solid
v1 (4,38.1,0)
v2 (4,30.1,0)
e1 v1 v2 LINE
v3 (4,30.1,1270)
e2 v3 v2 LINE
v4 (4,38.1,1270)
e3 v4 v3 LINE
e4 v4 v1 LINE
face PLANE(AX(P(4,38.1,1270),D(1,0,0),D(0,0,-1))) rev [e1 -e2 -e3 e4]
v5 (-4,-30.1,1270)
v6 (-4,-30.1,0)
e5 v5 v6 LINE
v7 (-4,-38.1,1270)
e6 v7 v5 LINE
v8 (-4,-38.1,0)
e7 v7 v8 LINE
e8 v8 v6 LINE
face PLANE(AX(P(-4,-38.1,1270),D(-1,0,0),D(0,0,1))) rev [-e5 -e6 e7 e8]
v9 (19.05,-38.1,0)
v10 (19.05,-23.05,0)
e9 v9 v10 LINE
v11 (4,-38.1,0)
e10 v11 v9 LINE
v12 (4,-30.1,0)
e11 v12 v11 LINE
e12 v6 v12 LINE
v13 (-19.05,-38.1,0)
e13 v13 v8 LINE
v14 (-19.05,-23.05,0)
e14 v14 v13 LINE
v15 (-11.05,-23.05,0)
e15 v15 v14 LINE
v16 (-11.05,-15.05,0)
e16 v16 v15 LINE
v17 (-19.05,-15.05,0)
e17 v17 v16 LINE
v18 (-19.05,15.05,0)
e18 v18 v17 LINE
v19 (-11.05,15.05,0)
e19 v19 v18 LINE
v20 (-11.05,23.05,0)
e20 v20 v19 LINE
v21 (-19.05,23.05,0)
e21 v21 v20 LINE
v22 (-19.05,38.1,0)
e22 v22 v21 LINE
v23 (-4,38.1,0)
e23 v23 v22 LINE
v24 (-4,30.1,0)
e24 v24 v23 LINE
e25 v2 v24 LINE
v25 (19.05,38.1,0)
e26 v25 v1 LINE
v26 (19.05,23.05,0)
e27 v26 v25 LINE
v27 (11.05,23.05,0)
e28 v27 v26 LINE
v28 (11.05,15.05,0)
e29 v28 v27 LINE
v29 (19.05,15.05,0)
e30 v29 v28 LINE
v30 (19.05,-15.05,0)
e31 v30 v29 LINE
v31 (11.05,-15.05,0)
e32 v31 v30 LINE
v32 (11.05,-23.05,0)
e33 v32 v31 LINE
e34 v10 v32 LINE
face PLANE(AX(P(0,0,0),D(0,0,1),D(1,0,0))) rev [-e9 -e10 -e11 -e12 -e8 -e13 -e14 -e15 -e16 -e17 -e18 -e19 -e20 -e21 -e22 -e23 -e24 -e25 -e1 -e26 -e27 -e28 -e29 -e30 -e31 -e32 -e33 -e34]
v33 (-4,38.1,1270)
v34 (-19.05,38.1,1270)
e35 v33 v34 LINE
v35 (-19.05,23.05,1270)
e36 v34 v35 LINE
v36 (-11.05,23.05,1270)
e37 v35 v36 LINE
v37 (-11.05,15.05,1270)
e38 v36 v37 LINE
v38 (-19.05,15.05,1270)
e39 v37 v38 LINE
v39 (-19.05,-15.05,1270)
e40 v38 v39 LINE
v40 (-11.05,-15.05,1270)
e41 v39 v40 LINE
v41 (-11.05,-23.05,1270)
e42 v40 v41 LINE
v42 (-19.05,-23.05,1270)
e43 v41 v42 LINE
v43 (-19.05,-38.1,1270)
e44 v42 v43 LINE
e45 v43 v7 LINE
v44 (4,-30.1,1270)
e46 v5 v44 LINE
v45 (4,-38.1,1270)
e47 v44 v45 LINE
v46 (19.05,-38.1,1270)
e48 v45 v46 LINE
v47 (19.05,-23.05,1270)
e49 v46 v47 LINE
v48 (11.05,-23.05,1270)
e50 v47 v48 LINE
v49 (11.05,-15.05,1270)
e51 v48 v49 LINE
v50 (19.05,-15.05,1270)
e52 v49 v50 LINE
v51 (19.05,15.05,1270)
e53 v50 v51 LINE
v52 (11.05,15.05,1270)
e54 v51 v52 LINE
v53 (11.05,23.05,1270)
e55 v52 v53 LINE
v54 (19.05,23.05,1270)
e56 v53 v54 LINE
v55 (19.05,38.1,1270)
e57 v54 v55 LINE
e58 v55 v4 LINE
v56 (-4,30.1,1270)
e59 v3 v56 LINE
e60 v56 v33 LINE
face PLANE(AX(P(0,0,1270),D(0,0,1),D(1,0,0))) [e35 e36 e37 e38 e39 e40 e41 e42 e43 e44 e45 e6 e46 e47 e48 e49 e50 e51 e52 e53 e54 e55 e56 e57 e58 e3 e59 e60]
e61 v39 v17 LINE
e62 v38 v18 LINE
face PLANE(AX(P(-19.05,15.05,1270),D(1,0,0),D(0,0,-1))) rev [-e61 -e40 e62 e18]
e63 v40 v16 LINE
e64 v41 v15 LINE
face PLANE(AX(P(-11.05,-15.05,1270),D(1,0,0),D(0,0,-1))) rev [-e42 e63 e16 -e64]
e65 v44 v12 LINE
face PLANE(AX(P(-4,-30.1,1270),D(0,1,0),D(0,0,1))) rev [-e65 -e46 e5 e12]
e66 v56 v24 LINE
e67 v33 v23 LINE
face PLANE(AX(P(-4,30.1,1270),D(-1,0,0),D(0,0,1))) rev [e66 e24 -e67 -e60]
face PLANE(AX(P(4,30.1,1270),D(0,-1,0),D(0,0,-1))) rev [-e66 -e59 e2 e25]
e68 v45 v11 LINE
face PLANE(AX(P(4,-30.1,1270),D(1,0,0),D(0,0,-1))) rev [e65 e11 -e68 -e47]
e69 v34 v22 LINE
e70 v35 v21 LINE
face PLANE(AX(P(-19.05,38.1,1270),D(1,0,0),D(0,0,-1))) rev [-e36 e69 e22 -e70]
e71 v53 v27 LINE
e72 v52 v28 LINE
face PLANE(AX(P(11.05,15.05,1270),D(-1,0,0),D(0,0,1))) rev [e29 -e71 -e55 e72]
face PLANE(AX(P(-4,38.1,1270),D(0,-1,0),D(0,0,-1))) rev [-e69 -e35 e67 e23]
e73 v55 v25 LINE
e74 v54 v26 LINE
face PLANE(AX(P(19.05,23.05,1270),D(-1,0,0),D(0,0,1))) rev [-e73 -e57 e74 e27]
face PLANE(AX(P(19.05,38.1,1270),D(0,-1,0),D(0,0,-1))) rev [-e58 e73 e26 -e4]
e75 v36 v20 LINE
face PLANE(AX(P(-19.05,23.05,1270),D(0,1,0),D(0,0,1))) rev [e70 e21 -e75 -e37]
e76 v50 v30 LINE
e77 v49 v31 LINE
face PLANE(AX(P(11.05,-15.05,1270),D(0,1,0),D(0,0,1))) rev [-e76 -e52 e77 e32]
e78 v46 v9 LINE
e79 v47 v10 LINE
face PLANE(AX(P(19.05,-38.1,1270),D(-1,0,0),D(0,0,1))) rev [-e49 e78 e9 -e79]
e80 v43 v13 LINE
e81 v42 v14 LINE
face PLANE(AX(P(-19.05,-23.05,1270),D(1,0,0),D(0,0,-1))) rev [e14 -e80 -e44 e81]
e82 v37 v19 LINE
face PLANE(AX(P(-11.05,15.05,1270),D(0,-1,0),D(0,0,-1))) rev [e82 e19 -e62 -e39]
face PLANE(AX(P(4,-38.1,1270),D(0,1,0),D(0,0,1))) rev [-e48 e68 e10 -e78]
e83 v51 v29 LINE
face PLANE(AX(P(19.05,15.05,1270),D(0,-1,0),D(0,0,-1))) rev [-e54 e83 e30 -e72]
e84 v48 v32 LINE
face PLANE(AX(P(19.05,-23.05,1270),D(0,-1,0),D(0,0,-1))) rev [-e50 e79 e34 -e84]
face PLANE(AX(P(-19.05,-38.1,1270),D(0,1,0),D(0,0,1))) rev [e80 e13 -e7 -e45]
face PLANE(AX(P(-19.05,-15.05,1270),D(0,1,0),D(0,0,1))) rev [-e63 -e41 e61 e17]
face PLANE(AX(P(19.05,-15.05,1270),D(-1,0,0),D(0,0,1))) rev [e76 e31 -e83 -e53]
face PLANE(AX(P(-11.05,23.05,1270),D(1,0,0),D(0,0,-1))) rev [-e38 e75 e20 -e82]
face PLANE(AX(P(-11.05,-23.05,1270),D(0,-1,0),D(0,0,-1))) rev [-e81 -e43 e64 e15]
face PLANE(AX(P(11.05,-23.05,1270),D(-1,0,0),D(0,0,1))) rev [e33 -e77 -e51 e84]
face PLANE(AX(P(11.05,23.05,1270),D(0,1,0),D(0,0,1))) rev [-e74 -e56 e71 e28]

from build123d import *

# Parameters (mm, degrees)
PROFILE_DEPTH = 1270


with BuildPart() as part:
    # Sketch1 → Profile (new body)
    with BuildSketch(Plane.XY):
        Polygon((-19.05, -38.1), (-4, -38.1), (-4, -30.1), (4, -30.1), (4, -38.1), (19.05, -38.1), (19.05, -23.05), (11.05, -23.05), (11.05, -15.05), (19.05, -15.05), (19.05, 15.05), (11.05, 15.05), (11.05, 23.05), (19.05, 23.05), (19.05, 38.1), (4, 38.1), (4, 30.1), (-4, 30.1), (-4, 38.1), (-19.05, 38.1), (-19.05, 23.05), (-11.05, 23.05), (-11.05, 15.05), (-19.05, 15.05), (-19.05, -15.05), (-11.05, -15.05), (-11.05, -23.05), (-19.05, -23.05), align=None)
    extrude(amount=PROFILE_DEPTH)


solid = part.part
